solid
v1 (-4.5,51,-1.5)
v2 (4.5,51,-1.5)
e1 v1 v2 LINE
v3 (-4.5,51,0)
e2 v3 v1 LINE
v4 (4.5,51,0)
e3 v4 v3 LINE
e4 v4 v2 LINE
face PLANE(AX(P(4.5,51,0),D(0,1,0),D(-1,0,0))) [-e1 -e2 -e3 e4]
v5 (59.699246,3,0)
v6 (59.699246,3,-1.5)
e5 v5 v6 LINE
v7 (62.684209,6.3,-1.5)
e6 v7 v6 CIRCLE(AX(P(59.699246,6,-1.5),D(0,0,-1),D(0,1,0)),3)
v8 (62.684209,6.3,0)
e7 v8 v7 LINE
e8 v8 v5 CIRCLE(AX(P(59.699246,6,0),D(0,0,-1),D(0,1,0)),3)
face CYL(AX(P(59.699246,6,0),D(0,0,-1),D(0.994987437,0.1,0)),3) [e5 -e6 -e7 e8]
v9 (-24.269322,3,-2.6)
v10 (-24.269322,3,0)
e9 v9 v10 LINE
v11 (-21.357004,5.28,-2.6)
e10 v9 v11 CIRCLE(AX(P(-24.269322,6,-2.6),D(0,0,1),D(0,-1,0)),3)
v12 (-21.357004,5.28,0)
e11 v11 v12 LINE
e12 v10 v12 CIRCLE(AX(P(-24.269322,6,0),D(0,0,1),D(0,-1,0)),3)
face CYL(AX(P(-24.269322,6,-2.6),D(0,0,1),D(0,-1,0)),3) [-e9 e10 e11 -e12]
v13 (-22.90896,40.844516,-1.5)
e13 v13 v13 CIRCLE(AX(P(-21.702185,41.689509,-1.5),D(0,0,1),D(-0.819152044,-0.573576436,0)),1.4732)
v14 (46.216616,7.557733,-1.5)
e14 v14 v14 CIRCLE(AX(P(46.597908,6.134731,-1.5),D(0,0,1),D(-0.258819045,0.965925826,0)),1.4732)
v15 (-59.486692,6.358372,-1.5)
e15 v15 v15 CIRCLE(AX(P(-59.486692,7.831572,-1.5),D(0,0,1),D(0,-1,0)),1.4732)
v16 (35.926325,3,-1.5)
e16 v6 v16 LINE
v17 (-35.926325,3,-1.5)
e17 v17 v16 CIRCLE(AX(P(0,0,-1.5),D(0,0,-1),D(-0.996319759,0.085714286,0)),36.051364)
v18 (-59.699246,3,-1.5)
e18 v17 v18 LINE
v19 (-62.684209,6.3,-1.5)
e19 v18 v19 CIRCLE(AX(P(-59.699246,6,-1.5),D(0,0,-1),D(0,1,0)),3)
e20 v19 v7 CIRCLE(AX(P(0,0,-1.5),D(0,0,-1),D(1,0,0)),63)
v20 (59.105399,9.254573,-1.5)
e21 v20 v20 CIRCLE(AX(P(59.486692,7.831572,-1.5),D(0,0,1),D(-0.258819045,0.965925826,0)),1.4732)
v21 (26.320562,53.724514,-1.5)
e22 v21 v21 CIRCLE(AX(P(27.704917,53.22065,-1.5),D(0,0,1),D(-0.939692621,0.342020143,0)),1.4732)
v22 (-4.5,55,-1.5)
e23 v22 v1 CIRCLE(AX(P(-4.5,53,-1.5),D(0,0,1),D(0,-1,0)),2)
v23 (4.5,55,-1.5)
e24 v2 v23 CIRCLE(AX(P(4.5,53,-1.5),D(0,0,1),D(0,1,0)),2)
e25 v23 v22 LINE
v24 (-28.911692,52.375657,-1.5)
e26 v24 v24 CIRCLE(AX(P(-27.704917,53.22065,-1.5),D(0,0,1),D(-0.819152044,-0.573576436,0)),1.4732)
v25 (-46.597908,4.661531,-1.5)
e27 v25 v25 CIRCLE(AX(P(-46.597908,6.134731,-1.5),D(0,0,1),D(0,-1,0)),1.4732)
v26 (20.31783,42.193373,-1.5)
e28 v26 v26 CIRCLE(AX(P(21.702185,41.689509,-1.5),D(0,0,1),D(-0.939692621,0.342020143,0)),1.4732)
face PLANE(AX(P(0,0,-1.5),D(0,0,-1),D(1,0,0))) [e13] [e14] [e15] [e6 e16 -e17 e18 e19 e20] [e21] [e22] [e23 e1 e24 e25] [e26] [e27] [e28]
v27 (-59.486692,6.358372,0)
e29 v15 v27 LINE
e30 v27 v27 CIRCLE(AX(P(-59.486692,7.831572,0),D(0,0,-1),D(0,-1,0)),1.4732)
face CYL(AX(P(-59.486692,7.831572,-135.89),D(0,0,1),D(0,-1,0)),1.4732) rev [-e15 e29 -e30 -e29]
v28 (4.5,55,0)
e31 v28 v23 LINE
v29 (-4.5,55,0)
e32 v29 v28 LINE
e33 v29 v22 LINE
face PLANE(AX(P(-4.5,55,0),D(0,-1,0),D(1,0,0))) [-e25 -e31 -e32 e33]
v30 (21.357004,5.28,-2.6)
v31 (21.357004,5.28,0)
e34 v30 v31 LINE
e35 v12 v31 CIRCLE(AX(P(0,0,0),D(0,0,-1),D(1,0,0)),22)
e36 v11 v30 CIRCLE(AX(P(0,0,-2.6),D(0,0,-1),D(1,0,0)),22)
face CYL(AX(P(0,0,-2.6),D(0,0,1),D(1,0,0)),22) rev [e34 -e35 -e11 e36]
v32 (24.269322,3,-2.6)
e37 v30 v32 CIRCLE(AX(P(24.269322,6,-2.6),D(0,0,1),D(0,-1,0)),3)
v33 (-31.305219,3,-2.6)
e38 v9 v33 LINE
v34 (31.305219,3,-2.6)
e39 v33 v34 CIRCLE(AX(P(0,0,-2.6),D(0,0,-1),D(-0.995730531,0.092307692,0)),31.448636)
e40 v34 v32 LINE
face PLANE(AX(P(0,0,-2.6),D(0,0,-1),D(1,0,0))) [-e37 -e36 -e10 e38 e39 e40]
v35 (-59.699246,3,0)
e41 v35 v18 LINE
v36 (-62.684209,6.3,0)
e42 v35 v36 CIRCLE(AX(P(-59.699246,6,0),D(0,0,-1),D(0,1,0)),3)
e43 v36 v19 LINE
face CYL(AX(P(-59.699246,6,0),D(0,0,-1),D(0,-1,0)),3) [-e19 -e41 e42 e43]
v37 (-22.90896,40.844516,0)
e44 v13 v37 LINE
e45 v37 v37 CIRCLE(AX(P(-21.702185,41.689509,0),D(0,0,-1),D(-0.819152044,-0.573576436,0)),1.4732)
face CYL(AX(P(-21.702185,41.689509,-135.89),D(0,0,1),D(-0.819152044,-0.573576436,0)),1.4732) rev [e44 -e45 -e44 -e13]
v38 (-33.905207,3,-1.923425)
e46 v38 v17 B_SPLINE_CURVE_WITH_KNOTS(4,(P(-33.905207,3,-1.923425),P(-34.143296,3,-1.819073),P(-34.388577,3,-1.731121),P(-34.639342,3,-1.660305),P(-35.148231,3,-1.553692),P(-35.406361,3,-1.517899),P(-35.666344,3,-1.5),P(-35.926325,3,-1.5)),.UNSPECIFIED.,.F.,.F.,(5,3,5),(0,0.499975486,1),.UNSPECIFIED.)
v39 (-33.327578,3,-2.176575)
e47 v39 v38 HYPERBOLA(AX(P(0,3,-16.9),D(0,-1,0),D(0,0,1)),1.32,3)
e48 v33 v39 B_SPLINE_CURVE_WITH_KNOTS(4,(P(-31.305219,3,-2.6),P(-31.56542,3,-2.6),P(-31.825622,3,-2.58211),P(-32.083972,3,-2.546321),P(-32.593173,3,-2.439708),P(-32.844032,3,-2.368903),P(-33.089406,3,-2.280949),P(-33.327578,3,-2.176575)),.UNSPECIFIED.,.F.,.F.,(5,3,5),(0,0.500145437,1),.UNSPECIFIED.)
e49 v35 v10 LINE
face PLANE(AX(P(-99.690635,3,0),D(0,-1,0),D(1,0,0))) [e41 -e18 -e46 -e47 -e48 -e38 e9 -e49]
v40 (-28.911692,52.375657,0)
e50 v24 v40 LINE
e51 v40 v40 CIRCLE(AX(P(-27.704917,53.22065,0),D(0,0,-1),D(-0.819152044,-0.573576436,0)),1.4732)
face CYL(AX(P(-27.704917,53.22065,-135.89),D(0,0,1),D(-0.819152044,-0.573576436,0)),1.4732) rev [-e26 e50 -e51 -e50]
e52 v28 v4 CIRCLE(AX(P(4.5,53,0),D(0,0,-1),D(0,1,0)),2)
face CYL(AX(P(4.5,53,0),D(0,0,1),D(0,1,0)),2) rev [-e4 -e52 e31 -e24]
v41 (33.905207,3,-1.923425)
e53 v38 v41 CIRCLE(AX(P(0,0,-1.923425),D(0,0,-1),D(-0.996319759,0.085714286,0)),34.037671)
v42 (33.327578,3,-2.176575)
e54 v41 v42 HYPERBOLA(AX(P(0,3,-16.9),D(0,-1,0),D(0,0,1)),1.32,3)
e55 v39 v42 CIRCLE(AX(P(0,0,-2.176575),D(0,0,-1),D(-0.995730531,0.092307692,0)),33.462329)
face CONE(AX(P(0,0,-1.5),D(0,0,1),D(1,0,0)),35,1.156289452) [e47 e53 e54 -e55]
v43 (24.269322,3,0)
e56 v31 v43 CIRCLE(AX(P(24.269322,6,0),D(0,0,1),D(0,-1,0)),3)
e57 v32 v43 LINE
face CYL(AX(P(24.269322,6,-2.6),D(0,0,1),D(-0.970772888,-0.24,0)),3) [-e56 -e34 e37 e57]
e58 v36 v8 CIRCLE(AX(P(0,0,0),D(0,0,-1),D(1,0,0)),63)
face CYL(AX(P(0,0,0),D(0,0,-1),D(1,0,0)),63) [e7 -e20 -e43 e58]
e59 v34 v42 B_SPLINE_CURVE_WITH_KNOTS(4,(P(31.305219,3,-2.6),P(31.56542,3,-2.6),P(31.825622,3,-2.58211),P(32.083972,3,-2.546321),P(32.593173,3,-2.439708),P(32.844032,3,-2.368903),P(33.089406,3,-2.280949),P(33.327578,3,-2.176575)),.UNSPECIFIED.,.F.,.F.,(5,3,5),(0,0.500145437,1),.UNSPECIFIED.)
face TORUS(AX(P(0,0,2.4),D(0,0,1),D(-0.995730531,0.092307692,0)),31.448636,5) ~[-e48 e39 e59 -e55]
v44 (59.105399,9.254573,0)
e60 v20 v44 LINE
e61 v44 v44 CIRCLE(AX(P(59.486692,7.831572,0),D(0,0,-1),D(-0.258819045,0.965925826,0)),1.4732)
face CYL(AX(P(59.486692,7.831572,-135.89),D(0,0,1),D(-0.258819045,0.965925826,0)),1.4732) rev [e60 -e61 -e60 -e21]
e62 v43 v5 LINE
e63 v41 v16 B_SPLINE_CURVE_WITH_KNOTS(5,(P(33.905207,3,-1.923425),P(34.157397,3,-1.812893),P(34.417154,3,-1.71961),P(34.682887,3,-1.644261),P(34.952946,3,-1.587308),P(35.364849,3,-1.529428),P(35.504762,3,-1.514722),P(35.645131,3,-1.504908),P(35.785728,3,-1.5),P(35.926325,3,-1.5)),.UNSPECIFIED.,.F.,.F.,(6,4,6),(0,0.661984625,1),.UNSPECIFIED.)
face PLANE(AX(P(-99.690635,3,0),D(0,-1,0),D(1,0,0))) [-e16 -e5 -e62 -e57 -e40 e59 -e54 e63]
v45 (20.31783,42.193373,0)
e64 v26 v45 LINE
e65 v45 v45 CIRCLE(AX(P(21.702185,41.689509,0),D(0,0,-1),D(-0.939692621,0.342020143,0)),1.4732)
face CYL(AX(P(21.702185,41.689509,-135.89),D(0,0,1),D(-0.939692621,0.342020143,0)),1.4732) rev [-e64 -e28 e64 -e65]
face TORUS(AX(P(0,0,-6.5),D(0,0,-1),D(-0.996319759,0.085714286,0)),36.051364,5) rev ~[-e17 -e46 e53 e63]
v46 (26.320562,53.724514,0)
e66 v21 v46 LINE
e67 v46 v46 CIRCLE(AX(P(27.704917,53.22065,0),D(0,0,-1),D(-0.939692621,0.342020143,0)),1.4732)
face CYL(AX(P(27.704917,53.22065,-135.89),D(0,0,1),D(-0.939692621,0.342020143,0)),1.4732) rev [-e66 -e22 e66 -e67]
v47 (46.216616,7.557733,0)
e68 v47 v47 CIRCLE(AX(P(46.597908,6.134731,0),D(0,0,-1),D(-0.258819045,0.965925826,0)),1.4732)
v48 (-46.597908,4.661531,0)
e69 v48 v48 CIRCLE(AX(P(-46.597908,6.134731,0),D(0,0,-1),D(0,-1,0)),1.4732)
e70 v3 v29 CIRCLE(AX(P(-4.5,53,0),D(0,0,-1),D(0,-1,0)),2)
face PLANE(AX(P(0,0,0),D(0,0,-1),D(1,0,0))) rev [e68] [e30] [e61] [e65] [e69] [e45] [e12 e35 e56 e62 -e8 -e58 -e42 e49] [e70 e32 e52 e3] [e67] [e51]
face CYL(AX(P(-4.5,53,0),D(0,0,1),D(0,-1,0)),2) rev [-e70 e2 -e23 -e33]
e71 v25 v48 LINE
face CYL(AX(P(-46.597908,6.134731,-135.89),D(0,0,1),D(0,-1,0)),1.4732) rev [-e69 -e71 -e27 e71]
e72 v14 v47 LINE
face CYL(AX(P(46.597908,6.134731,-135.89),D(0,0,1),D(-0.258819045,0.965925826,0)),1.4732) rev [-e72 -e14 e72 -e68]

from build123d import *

# Parameters (mm, degrees)
SKETCH2_W                      = 198.000030872
SKETCH2_H                      = 103.32125718
CUT_EXTRUDE1_DEPTH             = 3.6
FILLET1_R                      = 5
FILLET2_R                      = 3
F_4_CLEARANCE_HOLE1_AT_2_COUNT = 2
F_4_CLEARANCE_HOLE1_AT_2_PITCH = 13
CIRPATTERN1_COUNT              = 4
CIRPATTERN1_ANGLE              = 165
CUT_EXTRUDE2_DEPTH             = 3.6000001


with BuildPart() as part:
    # Sketch1 → Revolve1 (revolve)
    with BuildSketch(Plane(origin=(0, 0, 0), x_dir=(0, 0, -1), z_dir=(1, 0, 0)), mode=Mode.PRIVATE) as revolve1_sk:
        Polygon((0, 22), (0, 63), (1.5, 63), (1.5, 35), (2.6, 32.5), (2.6, 22), align=None)
    revolve(revolve1_sk.sketch.rotate(Axis((0, 0, 0), (0, 0, -1)), 90), axis=Axis((0, 0, 0), (0, 0, -1)))  # turned: the seam where the file's is

    # Sketch2 → Cut-Extrude1 (cut, through all)
    with BuildSketch(Plane.XY):
        with Locations((-0.69062002, -48.66062859)):
            Rectangle(SKETCH2_W, SKETCH2_H)
    extrude(amount=-CUT_EXTRUDE1_DEPTH, mode=Mode.SUBTRACT)

    # Fillet1
    fillet1_edges = [part.edges().sort_by_distance(p)[0] for p in [
        (0, 32.5, -2.6),
        (0, 35, -1.5),
    ]]
    fillet(fillet1_edges, radius=FILLET1_R)

    # Fillet2
    fillet2_edges = [part.edges().sort_by_distance(p)[0] for p in [
        (-21.794494718, 3, -1.3),
        (-62.92853089, 3, -0.75),
        (21.794494718, 3, -1.3),
        (62.92853089, 3, -0.75),
    ]]
    fillet(fillet2_edges, radius=FILLET2_R)

    # Sketch3 → #4 Clearance Hole1 (revolve, cut)
    with BuildSketch(Plane(origin=(-59.486691682, 7.831571533, 0), x_dir=(0, -1, 0), z_dir=(1, 0, 0))):
        Polygon((0, 0), (0, 136.775187864), (1.4732, 135.89), (1.4732, 0), align=None)
    f_4_clearance_hole1 = revolve(axis=Axis((-59.486691682, 7.831571533, 6.35), (0, 0, -1)), mode=Mode.SUBTRACT)

    # #4 Clearance Hole1 at 2: #4 Clearance Hole1 ×2
    with Locations(*[Vector(0.991444861, -0.130526192, 0) * (i * F_4_CLEARANCE_HOLE1_AT_2_PITCH) for i in range(1, F_4_CLEARANCE_HOLE1_AT_2_COUNT)]):
        add(f_4_clearance_hole1, mode=Mode.SUBTRACT)

    # CirPattern1: #4 Clearance Hole1 ×4 about axis
    cirpattern1_axis = Axis((0, 0, 0), (0, 0, -1))
    for i in range(1, CIRPATTERN1_COUNT):
        add(f_4_clearance_hole1.rotate(cirpattern1_axis, i * CIRPATTERN1_ANGLE / (CIRPATTERN1_COUNT - 1)), mode=Mode.SUBTRACT)

    # CirPattern1 copy 1 sketch → CirPattern1 copy 1 (revolve, cut)
    with BuildSketch(Plane(origin=(-21.702184822, 41.689509159, 0), x_dir=(-0.819152044, -0.573576436, 0), z_dir=(0.573576436, -0.819152044, 0))):
        Polygon((0, 0), (0, 136.775187864), (1.4732, 135.89), (1.4732, 0), align=None)
    revolve(axis=Axis((-21.702184822, 41.689509159, 6.35), (0, 0, -1)), mode=Mode.SUBTRACT)

    # CirPattern1 copy 2 sketch → CirPattern1 copy 2 (revolve, cut)
    with BuildSketch(Plane(origin=(21.702184822, 41.689509159, 0), x_dir=(-0.939692621, 0.342020143, 0), z_dir=(-0.342020143, -0.939692621, 0))):
        Polygon((0, 0), (0, 136.775187864), (1.4732, 135.89), (1.4732, 0), align=None)
    revolve(axis=Axis((21.702184822, 41.689509159, 6.35), (0, 0, -1)), mode=Mode.SUBTRACT)

    # CirPattern1 copy 3 sketch → CirPattern1 copy 3 (revolve, cut)
    with BuildSketch(Plane(origin=(46.597908485, 6.134731034, 0), x_dir=(-0.258819045, 0.965925826, 0), z_dir=(-0.965925826, -0.258819045, 0))):
        Polygon((0, 0), (0, 136.775187864), (1.4732, 135.89), (1.4732, 0), align=None)
    revolve(axis=Axis((46.597908485, 6.134731034, 6.35), (0, 0, -1)), mode=Mode.SUBTRACT)

    # Sketch5 → Cut-Extrude2 (cut, through all)
    with BuildSketch(Plane.XY):
        with BuildLine():
            Line((-4.5, 55), (4.5, 55))
            ThreePointArc((4.5, 55), (6.5, 53), (4.5, 51))
            Line((4.5, 51), (-4.5, 51))
            ThreePointArc((-4.5, 51), (-6.5, 53), (-4.5, 55))
        make_face()
    extrude(amount=-CUT_EXTRUDE2_DEPTH, mode=Mode.SUBTRACT)


solid = part.part
